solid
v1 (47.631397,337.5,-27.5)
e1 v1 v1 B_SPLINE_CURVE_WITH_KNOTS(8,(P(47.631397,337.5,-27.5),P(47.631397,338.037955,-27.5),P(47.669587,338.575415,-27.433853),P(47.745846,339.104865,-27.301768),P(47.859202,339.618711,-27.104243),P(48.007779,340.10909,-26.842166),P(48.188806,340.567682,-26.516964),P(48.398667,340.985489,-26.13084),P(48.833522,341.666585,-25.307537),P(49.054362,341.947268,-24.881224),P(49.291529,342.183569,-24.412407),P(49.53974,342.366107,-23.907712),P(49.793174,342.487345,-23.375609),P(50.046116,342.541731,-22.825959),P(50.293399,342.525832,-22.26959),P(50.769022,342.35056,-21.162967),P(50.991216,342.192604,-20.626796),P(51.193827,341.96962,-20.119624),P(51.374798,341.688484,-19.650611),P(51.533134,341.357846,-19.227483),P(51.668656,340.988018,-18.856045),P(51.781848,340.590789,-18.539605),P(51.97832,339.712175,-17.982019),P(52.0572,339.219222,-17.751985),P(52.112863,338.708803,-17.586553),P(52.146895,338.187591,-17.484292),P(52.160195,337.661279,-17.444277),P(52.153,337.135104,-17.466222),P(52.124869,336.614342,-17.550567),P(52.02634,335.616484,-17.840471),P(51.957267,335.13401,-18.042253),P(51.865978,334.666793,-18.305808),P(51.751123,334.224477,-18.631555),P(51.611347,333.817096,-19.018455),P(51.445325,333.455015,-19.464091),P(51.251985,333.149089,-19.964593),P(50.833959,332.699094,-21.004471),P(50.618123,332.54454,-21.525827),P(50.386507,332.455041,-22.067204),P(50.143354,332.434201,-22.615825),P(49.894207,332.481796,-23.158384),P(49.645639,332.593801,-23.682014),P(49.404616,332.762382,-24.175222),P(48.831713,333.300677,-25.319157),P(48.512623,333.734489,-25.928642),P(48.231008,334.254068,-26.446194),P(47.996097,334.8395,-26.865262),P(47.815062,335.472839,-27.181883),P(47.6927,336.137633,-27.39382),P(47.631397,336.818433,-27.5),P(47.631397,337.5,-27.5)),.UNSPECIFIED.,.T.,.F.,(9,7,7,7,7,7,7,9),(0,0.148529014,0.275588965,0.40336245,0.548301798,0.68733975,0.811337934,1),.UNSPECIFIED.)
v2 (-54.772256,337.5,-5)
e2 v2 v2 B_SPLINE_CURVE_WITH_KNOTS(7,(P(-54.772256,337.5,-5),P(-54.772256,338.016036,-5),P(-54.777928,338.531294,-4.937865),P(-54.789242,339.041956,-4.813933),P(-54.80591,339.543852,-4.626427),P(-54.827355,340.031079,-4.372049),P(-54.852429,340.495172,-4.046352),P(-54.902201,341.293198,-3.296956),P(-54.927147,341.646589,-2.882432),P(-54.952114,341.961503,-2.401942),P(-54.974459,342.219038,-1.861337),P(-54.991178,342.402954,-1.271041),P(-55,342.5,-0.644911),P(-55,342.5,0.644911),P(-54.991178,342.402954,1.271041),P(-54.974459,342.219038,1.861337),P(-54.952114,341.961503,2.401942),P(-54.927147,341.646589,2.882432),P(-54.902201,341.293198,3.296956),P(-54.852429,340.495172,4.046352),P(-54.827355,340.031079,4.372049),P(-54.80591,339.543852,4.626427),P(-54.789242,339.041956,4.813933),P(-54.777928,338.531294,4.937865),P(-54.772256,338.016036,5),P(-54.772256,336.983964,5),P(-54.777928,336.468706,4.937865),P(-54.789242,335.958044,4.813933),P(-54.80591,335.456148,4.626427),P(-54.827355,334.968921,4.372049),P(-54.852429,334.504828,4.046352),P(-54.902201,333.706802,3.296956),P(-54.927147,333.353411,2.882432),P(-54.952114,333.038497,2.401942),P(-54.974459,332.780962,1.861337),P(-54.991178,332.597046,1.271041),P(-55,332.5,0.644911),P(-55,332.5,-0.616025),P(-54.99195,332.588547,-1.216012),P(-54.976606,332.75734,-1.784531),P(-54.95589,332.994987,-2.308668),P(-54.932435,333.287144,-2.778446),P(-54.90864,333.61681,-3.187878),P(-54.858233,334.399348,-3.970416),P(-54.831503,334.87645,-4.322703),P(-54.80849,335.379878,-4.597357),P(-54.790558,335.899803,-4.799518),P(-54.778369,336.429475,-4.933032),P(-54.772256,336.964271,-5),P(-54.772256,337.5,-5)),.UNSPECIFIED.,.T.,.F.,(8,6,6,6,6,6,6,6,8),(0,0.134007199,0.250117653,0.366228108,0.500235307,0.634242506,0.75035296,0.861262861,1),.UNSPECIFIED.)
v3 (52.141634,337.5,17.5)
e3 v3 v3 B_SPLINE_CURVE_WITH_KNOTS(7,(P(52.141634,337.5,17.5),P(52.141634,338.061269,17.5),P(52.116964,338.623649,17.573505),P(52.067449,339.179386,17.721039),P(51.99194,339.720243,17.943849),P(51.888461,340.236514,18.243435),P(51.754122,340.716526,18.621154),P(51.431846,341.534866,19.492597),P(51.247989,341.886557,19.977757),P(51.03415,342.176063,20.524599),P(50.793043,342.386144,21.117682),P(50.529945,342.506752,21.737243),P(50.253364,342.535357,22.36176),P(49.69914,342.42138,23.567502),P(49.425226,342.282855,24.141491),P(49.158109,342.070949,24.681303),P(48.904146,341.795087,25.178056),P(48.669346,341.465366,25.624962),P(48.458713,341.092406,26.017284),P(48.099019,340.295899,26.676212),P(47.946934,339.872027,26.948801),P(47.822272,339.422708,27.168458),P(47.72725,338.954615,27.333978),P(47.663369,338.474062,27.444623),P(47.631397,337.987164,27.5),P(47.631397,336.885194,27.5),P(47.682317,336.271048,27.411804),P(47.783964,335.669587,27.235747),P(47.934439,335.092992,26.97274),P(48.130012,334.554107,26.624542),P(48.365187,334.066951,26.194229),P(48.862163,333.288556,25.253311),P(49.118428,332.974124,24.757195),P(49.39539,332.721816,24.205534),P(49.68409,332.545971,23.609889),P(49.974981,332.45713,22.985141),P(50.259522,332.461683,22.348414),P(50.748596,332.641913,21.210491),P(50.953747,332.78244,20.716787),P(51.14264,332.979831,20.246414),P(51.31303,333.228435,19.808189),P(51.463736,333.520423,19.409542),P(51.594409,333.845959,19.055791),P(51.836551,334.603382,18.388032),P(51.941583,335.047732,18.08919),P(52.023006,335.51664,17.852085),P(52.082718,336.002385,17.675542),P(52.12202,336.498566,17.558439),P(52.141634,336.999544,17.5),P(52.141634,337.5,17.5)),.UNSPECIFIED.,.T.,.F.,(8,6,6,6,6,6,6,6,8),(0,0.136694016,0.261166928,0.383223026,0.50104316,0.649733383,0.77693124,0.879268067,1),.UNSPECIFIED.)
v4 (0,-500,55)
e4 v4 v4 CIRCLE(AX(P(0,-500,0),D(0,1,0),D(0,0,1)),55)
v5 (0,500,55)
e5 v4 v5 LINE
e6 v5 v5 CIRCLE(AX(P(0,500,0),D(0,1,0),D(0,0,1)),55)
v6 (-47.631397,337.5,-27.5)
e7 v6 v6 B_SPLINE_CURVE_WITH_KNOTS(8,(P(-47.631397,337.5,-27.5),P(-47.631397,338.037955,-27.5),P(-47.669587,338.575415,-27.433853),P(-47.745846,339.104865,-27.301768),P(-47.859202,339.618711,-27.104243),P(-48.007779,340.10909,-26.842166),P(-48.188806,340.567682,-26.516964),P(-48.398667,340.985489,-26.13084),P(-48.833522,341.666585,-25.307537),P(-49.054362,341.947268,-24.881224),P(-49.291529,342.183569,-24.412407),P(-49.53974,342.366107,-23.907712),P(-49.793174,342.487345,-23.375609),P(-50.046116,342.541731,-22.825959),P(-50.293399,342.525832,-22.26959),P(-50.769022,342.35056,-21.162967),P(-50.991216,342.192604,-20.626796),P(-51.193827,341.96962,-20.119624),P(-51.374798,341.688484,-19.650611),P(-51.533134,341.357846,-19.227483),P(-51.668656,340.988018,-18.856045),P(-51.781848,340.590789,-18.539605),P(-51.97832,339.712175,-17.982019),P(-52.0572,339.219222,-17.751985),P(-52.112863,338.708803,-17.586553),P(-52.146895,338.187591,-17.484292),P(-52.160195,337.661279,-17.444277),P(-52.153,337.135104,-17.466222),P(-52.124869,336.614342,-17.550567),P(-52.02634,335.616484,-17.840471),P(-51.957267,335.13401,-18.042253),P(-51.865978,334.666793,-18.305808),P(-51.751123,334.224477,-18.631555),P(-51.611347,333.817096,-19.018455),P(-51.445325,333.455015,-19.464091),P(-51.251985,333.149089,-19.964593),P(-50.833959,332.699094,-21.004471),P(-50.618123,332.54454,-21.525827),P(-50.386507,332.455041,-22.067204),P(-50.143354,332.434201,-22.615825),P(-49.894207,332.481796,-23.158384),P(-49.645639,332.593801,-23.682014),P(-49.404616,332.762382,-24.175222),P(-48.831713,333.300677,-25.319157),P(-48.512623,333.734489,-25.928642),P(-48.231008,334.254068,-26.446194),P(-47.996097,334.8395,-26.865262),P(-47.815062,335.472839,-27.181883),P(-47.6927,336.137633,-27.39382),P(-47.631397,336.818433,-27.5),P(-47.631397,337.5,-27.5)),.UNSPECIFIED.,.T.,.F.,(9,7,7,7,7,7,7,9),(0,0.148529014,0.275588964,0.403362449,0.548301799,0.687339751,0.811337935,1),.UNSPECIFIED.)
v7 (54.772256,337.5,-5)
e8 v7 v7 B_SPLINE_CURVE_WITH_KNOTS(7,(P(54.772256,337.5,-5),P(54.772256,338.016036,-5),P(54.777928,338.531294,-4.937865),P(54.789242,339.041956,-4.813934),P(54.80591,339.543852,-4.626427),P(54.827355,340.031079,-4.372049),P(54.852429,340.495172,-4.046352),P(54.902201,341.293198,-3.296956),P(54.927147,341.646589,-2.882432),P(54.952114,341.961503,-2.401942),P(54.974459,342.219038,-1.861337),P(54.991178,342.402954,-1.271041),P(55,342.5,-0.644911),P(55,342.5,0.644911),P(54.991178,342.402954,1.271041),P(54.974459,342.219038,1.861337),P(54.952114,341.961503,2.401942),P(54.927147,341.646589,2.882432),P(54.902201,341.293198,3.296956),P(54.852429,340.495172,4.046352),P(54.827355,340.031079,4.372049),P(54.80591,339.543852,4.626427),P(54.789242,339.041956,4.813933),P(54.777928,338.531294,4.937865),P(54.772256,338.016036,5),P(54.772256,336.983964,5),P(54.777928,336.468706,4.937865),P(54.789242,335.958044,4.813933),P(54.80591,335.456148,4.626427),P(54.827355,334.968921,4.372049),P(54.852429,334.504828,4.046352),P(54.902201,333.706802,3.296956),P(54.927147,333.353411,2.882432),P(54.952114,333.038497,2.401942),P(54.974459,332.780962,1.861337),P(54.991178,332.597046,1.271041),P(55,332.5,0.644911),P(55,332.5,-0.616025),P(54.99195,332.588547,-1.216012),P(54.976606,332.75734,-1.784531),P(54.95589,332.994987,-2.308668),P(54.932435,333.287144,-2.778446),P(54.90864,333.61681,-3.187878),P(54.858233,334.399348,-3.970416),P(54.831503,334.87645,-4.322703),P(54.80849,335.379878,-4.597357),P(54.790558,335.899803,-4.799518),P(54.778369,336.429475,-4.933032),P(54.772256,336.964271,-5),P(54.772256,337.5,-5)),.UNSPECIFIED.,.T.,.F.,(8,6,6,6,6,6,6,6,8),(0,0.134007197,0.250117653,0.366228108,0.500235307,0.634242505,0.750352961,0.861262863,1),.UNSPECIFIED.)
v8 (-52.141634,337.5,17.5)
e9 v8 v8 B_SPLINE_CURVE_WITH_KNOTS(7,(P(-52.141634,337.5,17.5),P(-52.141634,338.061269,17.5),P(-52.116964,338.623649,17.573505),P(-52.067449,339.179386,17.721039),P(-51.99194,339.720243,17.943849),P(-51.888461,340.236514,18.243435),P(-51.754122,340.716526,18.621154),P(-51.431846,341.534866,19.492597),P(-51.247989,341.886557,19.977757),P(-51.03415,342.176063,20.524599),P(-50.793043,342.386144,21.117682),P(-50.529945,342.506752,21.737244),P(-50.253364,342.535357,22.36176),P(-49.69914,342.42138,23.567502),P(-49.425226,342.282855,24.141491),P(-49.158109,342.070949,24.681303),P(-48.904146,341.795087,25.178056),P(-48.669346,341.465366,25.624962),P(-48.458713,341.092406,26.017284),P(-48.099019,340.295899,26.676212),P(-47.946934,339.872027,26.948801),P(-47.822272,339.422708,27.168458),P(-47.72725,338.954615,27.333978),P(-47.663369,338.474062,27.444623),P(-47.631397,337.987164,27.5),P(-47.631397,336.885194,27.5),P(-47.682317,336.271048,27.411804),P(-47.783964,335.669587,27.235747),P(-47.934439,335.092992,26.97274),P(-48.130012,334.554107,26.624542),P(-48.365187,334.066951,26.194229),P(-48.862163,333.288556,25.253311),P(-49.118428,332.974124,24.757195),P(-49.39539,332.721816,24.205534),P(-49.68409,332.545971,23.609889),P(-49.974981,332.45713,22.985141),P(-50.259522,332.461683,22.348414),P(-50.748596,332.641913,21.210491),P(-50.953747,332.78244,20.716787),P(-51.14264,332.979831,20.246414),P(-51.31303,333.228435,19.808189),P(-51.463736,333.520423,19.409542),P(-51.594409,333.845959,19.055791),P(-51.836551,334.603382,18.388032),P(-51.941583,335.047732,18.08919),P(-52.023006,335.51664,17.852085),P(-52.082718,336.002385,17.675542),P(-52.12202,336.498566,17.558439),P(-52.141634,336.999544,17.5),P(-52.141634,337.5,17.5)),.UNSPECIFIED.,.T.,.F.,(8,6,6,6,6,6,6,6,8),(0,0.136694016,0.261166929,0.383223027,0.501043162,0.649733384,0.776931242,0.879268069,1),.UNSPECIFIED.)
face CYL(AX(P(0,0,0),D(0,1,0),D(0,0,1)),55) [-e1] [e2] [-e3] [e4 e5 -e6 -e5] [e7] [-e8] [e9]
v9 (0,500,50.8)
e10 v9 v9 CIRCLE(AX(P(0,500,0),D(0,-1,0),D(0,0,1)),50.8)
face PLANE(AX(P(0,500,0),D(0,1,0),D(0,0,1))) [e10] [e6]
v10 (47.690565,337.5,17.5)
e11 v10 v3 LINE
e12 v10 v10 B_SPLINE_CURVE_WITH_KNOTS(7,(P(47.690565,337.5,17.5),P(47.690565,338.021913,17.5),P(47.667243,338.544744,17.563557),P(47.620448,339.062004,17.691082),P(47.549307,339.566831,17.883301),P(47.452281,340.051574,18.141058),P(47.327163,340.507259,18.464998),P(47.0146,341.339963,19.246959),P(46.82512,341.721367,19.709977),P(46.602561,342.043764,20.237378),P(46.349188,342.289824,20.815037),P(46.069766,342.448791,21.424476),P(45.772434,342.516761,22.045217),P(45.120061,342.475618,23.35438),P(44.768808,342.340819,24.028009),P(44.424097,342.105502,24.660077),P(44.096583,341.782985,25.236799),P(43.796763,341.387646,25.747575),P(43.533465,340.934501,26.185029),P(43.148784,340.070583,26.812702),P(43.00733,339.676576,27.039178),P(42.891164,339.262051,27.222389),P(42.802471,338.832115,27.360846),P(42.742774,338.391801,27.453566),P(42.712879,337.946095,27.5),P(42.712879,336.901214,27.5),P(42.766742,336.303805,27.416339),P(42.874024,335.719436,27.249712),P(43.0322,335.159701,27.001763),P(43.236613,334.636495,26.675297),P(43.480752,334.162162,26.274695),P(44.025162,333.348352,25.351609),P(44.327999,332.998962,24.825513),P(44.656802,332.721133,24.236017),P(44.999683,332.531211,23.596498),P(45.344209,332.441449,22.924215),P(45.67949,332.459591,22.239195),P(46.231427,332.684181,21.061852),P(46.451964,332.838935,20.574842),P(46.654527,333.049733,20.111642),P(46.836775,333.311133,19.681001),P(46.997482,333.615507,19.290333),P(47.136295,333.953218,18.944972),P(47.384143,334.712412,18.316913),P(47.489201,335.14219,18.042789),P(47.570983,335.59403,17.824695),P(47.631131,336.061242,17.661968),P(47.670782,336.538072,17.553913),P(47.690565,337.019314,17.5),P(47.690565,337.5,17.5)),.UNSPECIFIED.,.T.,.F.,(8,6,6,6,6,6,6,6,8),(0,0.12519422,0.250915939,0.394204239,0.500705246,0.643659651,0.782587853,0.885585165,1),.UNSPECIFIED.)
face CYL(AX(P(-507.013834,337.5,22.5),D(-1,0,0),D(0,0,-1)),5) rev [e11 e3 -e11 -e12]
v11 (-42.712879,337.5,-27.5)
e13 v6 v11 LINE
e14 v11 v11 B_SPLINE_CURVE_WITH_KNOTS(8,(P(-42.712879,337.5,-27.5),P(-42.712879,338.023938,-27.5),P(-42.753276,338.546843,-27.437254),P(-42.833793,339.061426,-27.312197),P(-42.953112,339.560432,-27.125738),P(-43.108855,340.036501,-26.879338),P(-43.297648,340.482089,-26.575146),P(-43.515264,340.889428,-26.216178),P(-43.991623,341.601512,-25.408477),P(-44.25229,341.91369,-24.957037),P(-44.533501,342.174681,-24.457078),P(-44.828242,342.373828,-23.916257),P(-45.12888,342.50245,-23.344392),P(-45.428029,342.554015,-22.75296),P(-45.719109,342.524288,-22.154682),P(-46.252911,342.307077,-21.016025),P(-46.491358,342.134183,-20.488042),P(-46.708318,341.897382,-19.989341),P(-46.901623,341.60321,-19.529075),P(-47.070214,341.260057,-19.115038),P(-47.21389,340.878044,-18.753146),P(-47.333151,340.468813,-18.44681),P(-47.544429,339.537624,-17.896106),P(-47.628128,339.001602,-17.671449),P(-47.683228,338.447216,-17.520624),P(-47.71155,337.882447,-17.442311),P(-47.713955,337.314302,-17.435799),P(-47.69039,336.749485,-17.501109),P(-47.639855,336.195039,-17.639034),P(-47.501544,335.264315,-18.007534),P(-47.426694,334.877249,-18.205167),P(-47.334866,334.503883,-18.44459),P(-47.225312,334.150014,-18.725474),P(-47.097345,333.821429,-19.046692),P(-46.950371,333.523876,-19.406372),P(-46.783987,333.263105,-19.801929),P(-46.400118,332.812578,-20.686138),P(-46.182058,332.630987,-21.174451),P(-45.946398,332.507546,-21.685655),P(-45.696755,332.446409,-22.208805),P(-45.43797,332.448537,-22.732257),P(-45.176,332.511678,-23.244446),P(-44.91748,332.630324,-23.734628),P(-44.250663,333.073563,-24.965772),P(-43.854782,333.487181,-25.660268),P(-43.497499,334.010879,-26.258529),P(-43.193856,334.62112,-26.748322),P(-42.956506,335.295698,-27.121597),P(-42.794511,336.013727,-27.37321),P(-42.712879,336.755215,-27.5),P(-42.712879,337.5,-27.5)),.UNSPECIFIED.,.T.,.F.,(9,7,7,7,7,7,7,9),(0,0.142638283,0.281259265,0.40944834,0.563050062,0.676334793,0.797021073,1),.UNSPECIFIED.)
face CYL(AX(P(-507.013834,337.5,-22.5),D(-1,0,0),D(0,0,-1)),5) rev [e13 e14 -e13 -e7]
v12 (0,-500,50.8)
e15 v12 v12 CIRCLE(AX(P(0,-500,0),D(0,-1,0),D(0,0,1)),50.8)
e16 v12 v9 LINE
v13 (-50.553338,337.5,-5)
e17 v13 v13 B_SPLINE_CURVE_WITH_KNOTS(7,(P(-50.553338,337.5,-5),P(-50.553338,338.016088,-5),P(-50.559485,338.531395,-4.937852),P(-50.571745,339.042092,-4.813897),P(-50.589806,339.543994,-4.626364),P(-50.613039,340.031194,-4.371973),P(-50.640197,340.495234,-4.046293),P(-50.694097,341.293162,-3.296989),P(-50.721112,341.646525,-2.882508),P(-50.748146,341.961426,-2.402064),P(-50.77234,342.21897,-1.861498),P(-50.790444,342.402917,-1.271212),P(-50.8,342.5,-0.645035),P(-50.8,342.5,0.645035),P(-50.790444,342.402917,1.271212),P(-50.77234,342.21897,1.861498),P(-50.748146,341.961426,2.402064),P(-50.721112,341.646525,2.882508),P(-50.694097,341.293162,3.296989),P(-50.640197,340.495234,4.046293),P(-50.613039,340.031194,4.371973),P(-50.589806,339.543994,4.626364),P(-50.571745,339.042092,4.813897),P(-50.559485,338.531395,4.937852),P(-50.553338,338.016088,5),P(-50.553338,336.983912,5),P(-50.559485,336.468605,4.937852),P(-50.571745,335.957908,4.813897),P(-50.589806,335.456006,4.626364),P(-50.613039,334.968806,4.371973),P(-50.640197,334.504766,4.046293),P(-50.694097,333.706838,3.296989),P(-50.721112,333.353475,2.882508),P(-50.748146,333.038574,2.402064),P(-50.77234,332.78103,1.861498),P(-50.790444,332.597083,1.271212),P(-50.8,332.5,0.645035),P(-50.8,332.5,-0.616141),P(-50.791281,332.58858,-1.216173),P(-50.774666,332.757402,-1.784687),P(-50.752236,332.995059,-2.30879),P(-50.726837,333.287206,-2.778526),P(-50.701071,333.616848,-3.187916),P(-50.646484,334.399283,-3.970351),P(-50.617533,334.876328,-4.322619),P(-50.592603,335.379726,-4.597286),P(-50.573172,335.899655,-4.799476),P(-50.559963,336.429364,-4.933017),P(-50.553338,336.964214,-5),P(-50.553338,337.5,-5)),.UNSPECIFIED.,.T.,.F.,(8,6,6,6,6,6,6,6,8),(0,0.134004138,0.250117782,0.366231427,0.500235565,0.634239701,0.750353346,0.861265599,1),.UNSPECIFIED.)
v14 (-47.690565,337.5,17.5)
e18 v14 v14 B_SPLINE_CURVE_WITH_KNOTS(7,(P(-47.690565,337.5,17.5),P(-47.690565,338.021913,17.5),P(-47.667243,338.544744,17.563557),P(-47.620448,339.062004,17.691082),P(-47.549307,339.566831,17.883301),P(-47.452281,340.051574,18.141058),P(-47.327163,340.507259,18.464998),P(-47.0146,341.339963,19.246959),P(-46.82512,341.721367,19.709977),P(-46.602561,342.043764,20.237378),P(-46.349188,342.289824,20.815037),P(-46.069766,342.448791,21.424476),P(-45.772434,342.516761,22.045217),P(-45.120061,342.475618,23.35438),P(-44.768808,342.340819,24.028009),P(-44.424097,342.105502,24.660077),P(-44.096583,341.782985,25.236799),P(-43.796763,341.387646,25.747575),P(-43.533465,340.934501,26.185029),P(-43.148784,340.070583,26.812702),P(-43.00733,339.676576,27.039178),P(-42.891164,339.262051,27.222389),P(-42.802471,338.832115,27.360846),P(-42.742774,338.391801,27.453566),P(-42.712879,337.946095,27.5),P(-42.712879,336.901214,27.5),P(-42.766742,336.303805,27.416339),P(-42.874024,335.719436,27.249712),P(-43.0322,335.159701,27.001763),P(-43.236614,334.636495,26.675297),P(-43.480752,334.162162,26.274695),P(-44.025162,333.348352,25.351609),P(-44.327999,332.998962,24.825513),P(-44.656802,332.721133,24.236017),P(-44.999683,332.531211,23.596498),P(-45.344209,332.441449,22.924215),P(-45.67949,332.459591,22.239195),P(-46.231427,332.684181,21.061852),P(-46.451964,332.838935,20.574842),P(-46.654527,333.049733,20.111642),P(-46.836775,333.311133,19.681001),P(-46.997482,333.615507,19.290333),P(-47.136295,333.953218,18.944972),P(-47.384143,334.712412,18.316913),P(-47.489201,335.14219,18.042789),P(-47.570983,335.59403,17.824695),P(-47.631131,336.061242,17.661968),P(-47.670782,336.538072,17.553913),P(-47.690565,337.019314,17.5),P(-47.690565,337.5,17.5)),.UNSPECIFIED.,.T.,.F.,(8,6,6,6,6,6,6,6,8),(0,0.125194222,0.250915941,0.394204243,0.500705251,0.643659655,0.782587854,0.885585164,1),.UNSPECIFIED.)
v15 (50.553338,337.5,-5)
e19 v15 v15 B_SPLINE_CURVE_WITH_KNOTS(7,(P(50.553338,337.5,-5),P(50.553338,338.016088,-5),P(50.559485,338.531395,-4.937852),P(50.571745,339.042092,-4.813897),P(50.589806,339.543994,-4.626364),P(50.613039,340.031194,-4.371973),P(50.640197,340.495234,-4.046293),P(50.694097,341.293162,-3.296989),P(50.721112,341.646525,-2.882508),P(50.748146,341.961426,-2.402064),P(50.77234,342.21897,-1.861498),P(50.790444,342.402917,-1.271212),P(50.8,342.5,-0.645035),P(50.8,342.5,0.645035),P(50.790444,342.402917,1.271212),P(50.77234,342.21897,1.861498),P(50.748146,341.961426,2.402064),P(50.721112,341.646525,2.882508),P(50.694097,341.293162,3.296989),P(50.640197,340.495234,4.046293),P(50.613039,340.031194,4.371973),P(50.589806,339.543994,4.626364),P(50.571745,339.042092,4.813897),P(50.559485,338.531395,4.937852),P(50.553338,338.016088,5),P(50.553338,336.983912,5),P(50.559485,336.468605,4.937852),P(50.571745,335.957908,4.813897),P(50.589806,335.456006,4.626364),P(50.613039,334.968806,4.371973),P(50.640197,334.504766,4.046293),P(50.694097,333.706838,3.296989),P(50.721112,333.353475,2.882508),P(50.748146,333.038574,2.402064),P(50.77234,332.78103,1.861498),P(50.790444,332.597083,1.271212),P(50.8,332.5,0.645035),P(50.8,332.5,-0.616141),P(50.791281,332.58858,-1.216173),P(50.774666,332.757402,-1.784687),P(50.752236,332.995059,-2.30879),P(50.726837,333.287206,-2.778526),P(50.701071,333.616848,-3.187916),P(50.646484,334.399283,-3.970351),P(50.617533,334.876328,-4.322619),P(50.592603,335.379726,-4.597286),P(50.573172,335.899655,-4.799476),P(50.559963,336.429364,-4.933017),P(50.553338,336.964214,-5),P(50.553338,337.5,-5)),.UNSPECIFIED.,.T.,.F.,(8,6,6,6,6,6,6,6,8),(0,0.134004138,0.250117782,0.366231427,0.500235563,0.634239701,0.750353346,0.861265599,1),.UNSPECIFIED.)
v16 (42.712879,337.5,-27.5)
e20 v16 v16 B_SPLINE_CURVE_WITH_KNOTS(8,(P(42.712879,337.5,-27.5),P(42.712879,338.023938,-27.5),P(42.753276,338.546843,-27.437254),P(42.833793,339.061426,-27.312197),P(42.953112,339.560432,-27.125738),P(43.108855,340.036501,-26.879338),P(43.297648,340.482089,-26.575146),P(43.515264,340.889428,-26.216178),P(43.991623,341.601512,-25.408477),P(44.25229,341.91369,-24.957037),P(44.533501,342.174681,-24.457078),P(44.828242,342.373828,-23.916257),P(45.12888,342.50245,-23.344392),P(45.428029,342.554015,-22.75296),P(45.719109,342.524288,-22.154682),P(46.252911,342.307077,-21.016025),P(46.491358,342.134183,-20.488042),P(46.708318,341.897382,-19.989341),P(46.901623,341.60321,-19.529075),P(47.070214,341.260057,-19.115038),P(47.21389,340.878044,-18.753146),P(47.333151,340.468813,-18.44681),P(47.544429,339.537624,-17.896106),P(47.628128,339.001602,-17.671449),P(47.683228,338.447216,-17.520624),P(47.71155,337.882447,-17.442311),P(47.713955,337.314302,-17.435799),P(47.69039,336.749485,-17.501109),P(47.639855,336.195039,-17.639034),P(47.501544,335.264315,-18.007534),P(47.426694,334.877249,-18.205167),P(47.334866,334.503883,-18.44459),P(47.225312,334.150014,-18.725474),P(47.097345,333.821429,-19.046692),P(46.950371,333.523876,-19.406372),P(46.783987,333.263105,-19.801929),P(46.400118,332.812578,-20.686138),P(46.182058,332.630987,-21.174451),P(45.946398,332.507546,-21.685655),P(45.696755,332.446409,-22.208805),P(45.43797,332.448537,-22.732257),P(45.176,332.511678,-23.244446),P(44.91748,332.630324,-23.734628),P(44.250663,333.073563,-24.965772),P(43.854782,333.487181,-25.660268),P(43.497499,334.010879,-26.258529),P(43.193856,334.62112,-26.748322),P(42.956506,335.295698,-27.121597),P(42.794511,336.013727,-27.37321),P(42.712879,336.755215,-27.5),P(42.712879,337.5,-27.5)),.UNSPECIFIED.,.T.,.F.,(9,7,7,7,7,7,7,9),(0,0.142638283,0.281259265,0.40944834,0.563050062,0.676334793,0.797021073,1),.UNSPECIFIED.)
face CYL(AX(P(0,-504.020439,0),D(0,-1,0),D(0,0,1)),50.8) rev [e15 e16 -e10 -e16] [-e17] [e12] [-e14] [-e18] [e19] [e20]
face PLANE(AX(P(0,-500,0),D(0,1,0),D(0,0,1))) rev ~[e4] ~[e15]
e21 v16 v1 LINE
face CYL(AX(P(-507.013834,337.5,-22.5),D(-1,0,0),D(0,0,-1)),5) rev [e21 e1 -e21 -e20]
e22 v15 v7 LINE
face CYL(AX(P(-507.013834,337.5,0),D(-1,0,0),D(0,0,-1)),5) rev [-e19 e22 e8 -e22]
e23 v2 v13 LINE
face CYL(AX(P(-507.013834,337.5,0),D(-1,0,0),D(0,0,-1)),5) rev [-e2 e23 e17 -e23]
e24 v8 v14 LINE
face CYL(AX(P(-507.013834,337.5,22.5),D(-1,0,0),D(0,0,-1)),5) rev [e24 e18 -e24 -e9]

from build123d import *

# Parameters (mm, degrees)
SKETCH1_R               = 55
SKETCH1_R_2             = 48.6
BOSS_EXTRUDE1_DEPTH     = 500
CUT_EXTRUDE1_DEPTH      = 507.013833803
CUT_EXTRUDE1_DEPTH_BACK = 507.013833803
SKETCH3_R               = 5
CUT_EXTRUDE2_DEPTH      = 1004.020438586
CUT_EXTRUDE2_DEPTH_BACK = 1004.020438586
SKETCH4_R               = 50.8


with BuildPart() as part:
    # Sketch1 → Boss-Extrude1 (new, symmetric)
    with BuildSketch(Plane(origin=(0, 0, 0), x_dir=(1, 0, 0), z_dir=(0, 1, 0))):
        with Locations(Location((0, 0, 0), (0, 0, 270))):
            Circle(SKETCH1_R)
        with Locations(Location((0, 0, 0), (0, 0, 270))):
            Circle(SKETCH1_R_2, mode=Mode.SUBTRACT)
    extrude(amount=BOSS_EXTRUDE1_DEPTH, both=True)

    # Sketch3 → Cut-Extrude1 (cut, two sides: drawn at the far end of the back side and taken through both)
    with BuildSketch(Plane(origin=(0, 0, 0), x_dir=(0, 0, -1), z_dir=(1, 0, 0)).offset(-CUT_EXTRUDE1_DEPTH_BACK)):
        with Locations((0, 337.5)):
            Circle(SKETCH3_R)
        with Locations((22.5, 337.5)):
            Circle(SKETCH3_R)
        with Locations((-22.5, 337.5)):
            Circle(SKETCH3_R)
    extrude(amount=CUT_EXTRUDE1_DEPTH + CUT_EXTRUDE1_DEPTH_BACK, mode=Mode.SUBTRACT)

    # Sketch4 → Cut-Extrude2 (cut, two sides: drawn at the far end of the back side and taken through both)
    with BuildSketch(Plane(origin=(0, 500, 0), x_dir=(1, 0, 0), z_dir=(0, 1, 0)).offset(-CUT_EXTRUDE2_DEPTH_BACK)):
        with Locations(Location((0, 0, 0), (0, 0, 270))):
            Circle(SKETCH4_R)
    extrude(amount=CUT_EXTRUDE2_DEPTH + CUT_EXTRUDE2_DEPTH_BACK, mode=Mode.SUBTRACT)


solid = part.part
